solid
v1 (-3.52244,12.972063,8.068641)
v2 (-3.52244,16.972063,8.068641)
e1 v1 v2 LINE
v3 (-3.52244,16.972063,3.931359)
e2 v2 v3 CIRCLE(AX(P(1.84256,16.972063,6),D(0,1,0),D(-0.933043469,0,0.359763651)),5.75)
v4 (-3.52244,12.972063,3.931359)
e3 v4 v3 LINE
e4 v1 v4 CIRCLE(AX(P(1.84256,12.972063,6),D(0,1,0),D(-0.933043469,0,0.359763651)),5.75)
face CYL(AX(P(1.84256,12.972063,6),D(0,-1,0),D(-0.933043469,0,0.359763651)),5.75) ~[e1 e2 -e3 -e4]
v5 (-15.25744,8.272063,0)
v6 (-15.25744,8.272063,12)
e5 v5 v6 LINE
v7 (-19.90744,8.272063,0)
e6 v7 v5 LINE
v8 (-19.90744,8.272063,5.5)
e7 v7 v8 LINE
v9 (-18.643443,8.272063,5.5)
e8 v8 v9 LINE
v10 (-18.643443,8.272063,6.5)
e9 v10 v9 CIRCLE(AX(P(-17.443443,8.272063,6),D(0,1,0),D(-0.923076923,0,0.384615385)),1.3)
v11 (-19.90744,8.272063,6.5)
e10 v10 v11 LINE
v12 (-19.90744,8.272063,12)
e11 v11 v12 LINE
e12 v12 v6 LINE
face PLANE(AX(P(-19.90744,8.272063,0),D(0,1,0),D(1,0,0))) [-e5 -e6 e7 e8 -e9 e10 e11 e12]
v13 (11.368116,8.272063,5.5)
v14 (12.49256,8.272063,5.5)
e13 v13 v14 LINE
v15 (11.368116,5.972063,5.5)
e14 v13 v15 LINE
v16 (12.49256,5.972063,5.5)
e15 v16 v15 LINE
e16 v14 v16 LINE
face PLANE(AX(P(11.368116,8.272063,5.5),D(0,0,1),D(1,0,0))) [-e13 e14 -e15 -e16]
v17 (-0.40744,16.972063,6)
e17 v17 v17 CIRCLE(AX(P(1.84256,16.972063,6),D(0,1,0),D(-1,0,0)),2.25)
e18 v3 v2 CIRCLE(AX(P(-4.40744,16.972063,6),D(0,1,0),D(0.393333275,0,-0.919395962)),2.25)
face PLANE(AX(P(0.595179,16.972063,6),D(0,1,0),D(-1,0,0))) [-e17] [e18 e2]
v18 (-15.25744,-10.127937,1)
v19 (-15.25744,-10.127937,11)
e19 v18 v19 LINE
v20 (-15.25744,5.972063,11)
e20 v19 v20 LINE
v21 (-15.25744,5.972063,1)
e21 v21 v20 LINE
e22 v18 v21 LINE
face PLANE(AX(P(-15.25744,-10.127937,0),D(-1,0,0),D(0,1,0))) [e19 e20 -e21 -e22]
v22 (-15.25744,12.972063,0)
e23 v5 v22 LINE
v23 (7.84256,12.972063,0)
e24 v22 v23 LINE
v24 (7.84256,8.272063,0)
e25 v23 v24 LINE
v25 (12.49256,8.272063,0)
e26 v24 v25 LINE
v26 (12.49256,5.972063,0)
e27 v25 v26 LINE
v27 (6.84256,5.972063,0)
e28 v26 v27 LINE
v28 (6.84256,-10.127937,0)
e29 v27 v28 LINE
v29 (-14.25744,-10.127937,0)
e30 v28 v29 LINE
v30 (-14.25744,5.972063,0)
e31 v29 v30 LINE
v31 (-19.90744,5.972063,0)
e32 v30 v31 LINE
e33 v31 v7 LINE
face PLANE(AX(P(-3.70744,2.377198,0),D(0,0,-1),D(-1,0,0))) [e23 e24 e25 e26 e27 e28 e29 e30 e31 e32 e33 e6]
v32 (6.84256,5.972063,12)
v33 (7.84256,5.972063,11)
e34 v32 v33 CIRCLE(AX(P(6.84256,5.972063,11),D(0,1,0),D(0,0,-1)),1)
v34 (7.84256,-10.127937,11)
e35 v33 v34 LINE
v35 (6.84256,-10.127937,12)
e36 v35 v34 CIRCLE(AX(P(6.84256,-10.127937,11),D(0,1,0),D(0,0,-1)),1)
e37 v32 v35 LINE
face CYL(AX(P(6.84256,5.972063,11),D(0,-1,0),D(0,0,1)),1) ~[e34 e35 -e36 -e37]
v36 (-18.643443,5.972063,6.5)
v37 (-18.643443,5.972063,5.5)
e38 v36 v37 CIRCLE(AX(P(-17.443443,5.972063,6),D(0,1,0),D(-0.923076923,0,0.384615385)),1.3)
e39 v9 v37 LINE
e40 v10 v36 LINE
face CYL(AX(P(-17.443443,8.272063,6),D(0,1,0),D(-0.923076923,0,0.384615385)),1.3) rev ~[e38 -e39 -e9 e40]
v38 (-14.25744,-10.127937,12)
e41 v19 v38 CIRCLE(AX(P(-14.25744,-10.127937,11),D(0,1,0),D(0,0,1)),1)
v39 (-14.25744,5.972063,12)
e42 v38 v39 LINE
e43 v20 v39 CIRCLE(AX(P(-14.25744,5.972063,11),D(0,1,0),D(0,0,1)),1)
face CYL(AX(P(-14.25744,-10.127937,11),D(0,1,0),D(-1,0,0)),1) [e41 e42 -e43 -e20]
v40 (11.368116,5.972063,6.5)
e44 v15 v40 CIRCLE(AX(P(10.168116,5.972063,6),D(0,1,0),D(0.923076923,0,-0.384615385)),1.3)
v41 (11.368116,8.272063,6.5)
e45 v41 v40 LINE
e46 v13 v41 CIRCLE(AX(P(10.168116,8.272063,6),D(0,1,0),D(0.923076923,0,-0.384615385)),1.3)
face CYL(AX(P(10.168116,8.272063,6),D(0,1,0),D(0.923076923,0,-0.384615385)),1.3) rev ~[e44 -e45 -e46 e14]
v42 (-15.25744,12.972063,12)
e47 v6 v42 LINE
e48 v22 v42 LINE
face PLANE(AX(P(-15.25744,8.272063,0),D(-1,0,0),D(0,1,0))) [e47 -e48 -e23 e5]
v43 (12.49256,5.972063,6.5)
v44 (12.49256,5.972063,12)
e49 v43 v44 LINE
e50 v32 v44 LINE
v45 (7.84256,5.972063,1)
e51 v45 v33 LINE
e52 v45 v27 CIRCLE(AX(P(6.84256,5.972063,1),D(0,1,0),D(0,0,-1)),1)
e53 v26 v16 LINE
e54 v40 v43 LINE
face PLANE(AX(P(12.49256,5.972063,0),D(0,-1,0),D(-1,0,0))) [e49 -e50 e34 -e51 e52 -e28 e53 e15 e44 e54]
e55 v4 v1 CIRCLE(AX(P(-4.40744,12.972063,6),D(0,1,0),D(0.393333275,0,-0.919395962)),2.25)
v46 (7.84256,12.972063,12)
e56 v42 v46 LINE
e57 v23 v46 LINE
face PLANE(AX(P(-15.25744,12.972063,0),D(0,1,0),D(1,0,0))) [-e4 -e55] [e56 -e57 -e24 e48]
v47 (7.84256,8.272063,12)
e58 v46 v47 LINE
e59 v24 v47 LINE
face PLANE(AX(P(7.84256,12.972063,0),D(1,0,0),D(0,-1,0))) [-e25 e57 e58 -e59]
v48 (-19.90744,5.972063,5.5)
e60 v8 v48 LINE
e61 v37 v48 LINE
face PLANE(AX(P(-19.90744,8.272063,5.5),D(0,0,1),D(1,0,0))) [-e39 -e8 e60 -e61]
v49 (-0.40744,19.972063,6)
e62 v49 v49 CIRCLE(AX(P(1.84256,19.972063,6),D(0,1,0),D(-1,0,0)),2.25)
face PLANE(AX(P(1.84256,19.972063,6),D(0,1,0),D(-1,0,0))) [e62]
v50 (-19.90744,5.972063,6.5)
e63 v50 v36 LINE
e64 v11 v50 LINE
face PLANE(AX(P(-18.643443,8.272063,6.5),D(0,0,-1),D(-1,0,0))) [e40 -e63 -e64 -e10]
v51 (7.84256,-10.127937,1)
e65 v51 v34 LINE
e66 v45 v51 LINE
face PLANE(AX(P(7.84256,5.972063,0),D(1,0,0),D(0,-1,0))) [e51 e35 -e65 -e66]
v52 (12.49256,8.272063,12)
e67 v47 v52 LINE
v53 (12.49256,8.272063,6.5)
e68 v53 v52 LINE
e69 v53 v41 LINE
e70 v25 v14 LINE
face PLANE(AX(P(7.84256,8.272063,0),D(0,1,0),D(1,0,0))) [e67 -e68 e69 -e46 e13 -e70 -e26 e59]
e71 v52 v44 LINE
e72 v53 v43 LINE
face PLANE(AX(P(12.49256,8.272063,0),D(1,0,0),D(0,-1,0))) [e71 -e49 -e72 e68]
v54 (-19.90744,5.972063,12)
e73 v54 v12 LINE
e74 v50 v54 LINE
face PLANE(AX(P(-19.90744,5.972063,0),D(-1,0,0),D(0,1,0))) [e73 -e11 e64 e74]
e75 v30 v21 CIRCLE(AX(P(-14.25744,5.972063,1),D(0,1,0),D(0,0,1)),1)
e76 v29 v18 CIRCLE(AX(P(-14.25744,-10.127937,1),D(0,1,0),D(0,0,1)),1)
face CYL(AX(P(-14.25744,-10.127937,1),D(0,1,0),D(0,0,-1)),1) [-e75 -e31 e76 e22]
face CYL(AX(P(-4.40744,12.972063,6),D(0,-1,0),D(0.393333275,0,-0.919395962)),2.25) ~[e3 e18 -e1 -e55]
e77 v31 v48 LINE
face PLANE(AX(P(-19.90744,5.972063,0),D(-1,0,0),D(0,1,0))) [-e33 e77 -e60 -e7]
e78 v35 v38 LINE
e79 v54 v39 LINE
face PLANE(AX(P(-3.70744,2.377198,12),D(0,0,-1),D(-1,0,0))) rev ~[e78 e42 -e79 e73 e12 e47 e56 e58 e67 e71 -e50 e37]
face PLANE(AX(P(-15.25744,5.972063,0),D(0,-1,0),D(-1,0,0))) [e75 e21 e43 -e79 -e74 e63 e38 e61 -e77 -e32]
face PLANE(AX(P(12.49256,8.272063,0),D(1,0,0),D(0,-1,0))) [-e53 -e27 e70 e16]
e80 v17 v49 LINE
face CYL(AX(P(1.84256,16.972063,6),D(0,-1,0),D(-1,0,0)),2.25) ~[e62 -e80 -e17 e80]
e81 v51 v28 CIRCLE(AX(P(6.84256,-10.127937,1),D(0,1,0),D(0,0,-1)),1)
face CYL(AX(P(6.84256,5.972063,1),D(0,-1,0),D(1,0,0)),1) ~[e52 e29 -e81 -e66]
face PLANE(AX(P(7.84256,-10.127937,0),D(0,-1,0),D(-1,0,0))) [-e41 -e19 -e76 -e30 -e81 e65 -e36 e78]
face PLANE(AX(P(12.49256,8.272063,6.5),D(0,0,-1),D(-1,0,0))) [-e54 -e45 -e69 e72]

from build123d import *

# Parameters (mm, degrees)
PAD_DEPTH       = 12
FILLET_R        = 1
FILLET001_R     = 1
FILLET002_R     = 1
FILLET003_R     = 1
POCKET_DEPTH    = 5
PAD001_DEPTH    = 4
SKETCH004_R     = 2.25
PAD002_DEPTH    = 3
POCKET001_DEPTH = 5


with BuildPart() as part:
    # Sketch → Pad (new body)
    with BuildSketch(Plane.XY):
        Polygon((-15.25744, 12.972063), (7.84256, 12.972063), (7.84256, 8.272063), (12.49256, 8.272063), (12.49256, 5.972063), (7.84256, 5.972063), (7.84256, -10.127937), (-15.25744, -10.127937), (-15.25744, 5.972063), (-19.90744, 5.972063), (-19.90744, 8.272063), (-15.25744, 8.272063), align=None)
    extrude(amount=PAD_DEPTH)

    # Fillet
    fillet_edges = [part.edges().sort_by_distance(p)[0] for p in [
        (-15.25744, -2.077937, 12),
    ]]
    fillet(fillet_edges, radius=FILLET_R)

    # Fillet001
    fillet001_edges = [part.edges().sort_by_distance(p)[0] for p in [
        (-15.25744, -2.077937, 0),
    ]]
    fillet(fillet001_edges, radius=FILLET001_R)

    # Fillet002
    fillet002_edges = [part.edges().sort_by_distance(p)[0] for p in [
        (7.84256, -2.077937, 0),
    ]]
    fillet(fillet002_edges, radius=FILLET002_R)

    # Fillet003
    fillet003_edges = [part.edges().sort_by_distance(p)[0] for p in [
        (7.84256, -2.077937, 12),
    ]]
    fillet(fillet003_edges, radius=FILLET003_R)

    # Sketch001 → Pocket (cut)
    with BuildSketch(Plane(origin=(0, 8.272063, 0), x_dir=(-1, 0, 0), z_dir=(0, 1, 0))):
        with BuildLine():
            ThreePointArc((-11.368116, 5.5), (-8.868116, 6), (-11.368116, 6.5))
            Line((-12.49256, 6.5), (-11.368116, 6.5))
            Line((-12.49256, 5.5), (-12.49256, 6.5))
            Line((-11.368116, 5.5), (-12.49256, 5.5))
        make_face()
    extrude(amount=-POCKET_DEPTH, mode=Mode.SUBTRACT)

    # Sketch003 → Pad001 (new body)
    with BuildSketch(Plane(origin=(0, 12.972063, 0), x_dir=(-1, 0, 0), z_dir=(0, 1, 0))):
        with BuildLine():
            ThreePointArc((3.52244, 8.068641), (-7.59256, 6), (3.52244, 3.931359))
            ThreePointArc((3.52244, 3.931359), (6.65744, 6), (3.52244, 8.068641))
        make_face()
    extrude(amount=PAD001_DEPTH)

    # Sketch004 → Pad002 (new body)
    with BuildSketch(Plane(origin=(0, 16.972063, 0), x_dir=(-1, 0, 0), z_dir=(0, 1, 0))):
        with Locations((-1.84256, 6)):
            Circle(SKETCH004_R)
    extrude(amount=PAD002_DEPTH)

    # Sketch005 → Pocket001 (cut)
    with BuildSketch(Plane(origin=(0, 8.272063, 0), x_dir=(-1, 0, 0), z_dir=(0, 1, 0))):
        with BuildLine():
            ThreePointArc((18.643443, 6.5), (16.143443, 6), (18.643443, 5.5))
            Line((19.90744, 5.5), (18.643443, 5.5))
            Line((19.90744, 6.5), (19.90744, 5.5))
            Line((18.643443, 6.5), (19.90744, 6.5))
        make_face()
    extrude(amount=-POCKET001_DEPTH, mode=Mode.SUBTRACT)


solid = part.part
